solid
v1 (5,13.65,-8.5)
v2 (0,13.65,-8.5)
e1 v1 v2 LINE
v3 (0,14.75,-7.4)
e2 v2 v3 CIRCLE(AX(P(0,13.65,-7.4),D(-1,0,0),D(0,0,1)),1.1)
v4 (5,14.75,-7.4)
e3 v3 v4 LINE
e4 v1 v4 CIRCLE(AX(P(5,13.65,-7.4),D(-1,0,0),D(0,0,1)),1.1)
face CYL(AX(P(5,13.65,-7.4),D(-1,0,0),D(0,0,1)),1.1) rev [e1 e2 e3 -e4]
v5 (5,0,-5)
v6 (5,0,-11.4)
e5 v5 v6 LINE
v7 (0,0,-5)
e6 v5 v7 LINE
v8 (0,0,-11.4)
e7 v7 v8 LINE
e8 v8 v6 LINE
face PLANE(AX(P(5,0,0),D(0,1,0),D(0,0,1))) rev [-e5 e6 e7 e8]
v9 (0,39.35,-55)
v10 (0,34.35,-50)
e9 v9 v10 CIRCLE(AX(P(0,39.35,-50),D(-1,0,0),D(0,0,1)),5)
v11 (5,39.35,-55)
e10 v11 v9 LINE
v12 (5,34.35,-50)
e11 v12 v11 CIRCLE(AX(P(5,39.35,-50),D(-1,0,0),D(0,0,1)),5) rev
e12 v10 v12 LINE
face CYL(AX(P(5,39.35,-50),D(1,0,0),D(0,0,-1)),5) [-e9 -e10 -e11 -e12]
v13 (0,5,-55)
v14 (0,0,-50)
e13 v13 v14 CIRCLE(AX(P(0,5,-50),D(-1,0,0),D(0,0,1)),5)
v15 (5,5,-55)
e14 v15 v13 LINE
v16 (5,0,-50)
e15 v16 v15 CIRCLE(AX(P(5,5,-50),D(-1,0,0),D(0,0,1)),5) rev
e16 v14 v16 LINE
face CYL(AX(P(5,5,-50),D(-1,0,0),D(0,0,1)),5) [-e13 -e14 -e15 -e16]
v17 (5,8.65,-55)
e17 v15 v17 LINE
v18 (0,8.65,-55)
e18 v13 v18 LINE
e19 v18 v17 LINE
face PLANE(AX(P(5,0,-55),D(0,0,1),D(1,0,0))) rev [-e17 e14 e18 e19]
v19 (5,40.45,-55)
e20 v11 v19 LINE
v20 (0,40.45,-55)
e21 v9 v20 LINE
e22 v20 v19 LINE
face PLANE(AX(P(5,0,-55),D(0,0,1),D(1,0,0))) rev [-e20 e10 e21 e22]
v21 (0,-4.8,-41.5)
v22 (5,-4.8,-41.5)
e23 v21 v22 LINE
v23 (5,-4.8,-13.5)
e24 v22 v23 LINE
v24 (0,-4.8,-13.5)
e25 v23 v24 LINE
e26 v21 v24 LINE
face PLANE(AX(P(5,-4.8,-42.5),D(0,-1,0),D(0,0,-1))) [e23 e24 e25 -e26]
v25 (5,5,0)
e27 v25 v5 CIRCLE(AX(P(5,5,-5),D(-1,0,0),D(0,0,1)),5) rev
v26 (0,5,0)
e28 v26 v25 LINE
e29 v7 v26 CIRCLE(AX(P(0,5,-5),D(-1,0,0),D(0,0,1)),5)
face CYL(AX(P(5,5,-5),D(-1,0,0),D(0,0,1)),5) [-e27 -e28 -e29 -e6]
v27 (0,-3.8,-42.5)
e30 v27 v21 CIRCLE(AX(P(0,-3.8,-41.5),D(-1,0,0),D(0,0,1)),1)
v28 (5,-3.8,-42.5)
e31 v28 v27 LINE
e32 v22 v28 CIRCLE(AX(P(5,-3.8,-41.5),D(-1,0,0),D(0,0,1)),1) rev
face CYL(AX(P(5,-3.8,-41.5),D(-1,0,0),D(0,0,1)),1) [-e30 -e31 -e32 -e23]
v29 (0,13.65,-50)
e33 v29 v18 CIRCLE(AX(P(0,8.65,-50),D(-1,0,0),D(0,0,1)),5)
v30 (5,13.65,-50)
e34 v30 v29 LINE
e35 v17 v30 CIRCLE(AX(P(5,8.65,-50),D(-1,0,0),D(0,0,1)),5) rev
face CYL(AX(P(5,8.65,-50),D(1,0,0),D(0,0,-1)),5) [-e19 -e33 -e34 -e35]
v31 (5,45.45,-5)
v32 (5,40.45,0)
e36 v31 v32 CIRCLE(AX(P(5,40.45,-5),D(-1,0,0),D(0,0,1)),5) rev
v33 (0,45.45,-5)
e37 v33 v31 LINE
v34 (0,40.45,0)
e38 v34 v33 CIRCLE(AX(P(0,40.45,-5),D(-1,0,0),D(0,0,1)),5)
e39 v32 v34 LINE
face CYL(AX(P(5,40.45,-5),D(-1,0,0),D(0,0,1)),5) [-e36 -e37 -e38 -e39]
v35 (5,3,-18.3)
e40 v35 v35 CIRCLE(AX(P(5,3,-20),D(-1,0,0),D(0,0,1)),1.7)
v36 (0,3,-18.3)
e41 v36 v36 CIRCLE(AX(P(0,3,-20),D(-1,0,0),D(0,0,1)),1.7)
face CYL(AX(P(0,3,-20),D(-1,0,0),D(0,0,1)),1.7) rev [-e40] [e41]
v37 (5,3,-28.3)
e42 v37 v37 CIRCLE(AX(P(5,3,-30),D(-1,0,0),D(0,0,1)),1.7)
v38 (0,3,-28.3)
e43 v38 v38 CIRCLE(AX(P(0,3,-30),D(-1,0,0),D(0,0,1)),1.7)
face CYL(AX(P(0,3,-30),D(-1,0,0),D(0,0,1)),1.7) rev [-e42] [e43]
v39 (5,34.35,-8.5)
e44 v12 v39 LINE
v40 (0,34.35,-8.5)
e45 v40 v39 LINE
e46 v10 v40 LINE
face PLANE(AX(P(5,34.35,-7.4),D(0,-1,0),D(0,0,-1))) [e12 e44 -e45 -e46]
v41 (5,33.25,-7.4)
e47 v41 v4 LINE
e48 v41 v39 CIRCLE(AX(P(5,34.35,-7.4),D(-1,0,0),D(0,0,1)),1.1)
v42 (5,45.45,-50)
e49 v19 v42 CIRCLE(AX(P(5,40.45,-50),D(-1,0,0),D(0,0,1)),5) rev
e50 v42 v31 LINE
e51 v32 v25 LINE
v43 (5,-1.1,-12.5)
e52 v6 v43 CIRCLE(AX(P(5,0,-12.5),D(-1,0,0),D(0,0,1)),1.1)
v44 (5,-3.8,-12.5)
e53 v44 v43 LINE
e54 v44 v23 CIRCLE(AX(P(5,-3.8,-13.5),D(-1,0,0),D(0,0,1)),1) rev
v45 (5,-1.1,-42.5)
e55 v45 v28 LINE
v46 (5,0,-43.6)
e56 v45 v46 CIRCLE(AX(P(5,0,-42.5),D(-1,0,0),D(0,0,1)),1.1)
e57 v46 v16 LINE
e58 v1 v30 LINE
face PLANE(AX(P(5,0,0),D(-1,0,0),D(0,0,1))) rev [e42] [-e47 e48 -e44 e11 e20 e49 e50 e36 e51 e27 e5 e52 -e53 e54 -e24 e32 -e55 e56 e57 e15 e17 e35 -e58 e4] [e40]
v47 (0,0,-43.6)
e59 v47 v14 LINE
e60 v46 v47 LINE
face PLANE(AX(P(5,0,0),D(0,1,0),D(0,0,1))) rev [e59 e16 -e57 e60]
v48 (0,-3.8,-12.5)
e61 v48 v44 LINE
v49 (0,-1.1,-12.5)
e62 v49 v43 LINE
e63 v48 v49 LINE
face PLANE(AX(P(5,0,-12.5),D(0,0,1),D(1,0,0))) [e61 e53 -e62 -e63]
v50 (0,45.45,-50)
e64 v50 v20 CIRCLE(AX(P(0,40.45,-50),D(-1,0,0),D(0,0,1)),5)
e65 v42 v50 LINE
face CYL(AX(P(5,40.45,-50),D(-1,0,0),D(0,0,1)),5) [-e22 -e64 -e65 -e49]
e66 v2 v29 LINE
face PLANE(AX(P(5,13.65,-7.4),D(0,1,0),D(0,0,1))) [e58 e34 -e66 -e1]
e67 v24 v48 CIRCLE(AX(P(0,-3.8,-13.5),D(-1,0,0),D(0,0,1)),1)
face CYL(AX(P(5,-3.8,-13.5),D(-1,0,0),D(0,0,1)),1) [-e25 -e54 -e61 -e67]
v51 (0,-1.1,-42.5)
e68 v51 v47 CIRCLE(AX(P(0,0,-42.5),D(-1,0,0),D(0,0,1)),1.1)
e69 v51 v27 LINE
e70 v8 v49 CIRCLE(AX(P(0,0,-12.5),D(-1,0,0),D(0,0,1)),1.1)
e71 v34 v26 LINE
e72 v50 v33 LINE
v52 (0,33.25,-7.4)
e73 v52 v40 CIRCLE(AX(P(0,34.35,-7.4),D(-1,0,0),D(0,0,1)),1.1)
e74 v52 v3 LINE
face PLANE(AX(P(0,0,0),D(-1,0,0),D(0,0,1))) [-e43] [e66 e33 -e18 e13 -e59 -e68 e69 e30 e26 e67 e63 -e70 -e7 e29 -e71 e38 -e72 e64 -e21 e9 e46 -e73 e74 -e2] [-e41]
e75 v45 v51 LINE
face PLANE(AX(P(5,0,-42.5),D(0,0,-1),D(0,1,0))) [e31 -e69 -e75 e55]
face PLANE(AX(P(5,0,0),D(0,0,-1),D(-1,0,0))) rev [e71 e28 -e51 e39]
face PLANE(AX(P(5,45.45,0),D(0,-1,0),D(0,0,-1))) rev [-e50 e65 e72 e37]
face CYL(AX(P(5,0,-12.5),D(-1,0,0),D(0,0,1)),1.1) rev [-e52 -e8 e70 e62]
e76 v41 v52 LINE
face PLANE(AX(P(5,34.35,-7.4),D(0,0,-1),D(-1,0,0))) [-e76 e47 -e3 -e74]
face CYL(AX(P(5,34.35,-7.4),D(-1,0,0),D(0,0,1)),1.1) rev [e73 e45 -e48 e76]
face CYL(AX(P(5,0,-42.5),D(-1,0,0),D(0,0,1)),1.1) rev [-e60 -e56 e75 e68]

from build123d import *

# Parameters (mm, degrees)
SKETCH_1_W           = 55
SKETCH_1_H           = 45.45
SKETCH_1_W_2         = 40.2
SKETCH_1_H_2         = 20.7
EXTRUDE_1_DEPTH      = 5
SKETCH_2_W           = 30
SKETCH_2_H           = 4.8
EXTRUDE_2_DEPTH      = 5
SKETCH_3_R           = 1.1
CUT_EXTRUDE_1_DEPTH  = 5
FILLET_2_R           = 5
FILLET_3_R           = 1
M3_CLEARANCE_HOLE1_D = 3.4
SKETCH3_W            = 7.4
SKETCH3_H            = 20.7
CUT_EXTRUDE1_DEPTH   = 10
FILLET1_R            = 5


with BuildPart() as part:
    # 草图1 → 凸台-拉伸1 (new body)
    with BuildSketch(Plane(origin=(0, 0, 0), x_dir=(0, 0, -1), z_dir=(1, 0, 0))):
        with Locations((27.5, 22.725)):
            Rectangle(SKETCH_1_W, SKETCH_1_H)
        with Locations((27.5, 24)):
            Rectangle(SKETCH_1_W_2, SKETCH_1_H_2, mode=Mode.SUBTRACT)
    extrude(amount=EXTRUDE_1_DEPTH)

    # 草图2 → 凸台-拉伸2 (add)
    with BuildSketch(Plane.ZY):
        with Locations((-27.5, -2.4)):
            Rectangle(SKETCH_2_W, SKETCH_2_H)
    extrude(amount=-EXTRUDE_2_DEPTH)

    # 草图3 → 切除-拉伸1 (cut)
    with BuildSketch(Plane.ZY):
        with Locations((-42.5, 0)):
            Circle(SKETCH_3_R)
        with Locations((-12.5, 0)):
            Circle(SKETCH_3_R)
        with Locations((-7.4, 13.65)):
            Circle(SKETCH_3_R)
        with Locations((-7.4, 34.35)):
            Circle(SKETCH_3_R)
    extrude(amount=-CUT_EXTRUDE_1_DEPTH, mode=Mode.SUBTRACT)

    # 圆角2
    fillet_2_edges = [part.edges().sort_by_distance(p)[0] for p in [
        (2.5, 45.45, 0),
        (2.5, 45.45, -55),
        (2.5, 0, -55),
        (2.5, 0, 0),
    ]]
    fillet(fillet_2_edges, radius=FILLET_2_R)

    # 圆角3
    fillet_3_edges = [part.edges().sort_by_distance(p)[0] for p in [
        (2.5, -4.8, -42.5),
        (2.5, -4.8, -12.5),
    ]]
    fillet(fillet_3_edges, radius=FILLET_3_R)

    # M3 Clearance Hole1 (through all)
    with Locations(Plane.ZY):
        with Locations((-30, 3), (-20, 3)):
            Hole(M3_CLEARANCE_HOLE1_D / 2)

    # Sketch3 → Cut-Extrude1 (cut)
    with BuildSketch(Plane.ZY):
        with Locations((-51.3, 24)):
            Rectangle(SKETCH3_W, SKETCH3_H)
    extrude(amount=-CUT_EXTRUDE1_DEPTH, mode=Mode.SUBTRACT)

    # Fillet1
    fillet1_edges = [part.edges().sort_by_distance(p)[0] for p in [
        (2.5, 13.65, -55),
        (2.5, 34.35, -55),
    ]]
    fillet(fillet1_edges, radius=FILLET1_R)


solid = part.part
